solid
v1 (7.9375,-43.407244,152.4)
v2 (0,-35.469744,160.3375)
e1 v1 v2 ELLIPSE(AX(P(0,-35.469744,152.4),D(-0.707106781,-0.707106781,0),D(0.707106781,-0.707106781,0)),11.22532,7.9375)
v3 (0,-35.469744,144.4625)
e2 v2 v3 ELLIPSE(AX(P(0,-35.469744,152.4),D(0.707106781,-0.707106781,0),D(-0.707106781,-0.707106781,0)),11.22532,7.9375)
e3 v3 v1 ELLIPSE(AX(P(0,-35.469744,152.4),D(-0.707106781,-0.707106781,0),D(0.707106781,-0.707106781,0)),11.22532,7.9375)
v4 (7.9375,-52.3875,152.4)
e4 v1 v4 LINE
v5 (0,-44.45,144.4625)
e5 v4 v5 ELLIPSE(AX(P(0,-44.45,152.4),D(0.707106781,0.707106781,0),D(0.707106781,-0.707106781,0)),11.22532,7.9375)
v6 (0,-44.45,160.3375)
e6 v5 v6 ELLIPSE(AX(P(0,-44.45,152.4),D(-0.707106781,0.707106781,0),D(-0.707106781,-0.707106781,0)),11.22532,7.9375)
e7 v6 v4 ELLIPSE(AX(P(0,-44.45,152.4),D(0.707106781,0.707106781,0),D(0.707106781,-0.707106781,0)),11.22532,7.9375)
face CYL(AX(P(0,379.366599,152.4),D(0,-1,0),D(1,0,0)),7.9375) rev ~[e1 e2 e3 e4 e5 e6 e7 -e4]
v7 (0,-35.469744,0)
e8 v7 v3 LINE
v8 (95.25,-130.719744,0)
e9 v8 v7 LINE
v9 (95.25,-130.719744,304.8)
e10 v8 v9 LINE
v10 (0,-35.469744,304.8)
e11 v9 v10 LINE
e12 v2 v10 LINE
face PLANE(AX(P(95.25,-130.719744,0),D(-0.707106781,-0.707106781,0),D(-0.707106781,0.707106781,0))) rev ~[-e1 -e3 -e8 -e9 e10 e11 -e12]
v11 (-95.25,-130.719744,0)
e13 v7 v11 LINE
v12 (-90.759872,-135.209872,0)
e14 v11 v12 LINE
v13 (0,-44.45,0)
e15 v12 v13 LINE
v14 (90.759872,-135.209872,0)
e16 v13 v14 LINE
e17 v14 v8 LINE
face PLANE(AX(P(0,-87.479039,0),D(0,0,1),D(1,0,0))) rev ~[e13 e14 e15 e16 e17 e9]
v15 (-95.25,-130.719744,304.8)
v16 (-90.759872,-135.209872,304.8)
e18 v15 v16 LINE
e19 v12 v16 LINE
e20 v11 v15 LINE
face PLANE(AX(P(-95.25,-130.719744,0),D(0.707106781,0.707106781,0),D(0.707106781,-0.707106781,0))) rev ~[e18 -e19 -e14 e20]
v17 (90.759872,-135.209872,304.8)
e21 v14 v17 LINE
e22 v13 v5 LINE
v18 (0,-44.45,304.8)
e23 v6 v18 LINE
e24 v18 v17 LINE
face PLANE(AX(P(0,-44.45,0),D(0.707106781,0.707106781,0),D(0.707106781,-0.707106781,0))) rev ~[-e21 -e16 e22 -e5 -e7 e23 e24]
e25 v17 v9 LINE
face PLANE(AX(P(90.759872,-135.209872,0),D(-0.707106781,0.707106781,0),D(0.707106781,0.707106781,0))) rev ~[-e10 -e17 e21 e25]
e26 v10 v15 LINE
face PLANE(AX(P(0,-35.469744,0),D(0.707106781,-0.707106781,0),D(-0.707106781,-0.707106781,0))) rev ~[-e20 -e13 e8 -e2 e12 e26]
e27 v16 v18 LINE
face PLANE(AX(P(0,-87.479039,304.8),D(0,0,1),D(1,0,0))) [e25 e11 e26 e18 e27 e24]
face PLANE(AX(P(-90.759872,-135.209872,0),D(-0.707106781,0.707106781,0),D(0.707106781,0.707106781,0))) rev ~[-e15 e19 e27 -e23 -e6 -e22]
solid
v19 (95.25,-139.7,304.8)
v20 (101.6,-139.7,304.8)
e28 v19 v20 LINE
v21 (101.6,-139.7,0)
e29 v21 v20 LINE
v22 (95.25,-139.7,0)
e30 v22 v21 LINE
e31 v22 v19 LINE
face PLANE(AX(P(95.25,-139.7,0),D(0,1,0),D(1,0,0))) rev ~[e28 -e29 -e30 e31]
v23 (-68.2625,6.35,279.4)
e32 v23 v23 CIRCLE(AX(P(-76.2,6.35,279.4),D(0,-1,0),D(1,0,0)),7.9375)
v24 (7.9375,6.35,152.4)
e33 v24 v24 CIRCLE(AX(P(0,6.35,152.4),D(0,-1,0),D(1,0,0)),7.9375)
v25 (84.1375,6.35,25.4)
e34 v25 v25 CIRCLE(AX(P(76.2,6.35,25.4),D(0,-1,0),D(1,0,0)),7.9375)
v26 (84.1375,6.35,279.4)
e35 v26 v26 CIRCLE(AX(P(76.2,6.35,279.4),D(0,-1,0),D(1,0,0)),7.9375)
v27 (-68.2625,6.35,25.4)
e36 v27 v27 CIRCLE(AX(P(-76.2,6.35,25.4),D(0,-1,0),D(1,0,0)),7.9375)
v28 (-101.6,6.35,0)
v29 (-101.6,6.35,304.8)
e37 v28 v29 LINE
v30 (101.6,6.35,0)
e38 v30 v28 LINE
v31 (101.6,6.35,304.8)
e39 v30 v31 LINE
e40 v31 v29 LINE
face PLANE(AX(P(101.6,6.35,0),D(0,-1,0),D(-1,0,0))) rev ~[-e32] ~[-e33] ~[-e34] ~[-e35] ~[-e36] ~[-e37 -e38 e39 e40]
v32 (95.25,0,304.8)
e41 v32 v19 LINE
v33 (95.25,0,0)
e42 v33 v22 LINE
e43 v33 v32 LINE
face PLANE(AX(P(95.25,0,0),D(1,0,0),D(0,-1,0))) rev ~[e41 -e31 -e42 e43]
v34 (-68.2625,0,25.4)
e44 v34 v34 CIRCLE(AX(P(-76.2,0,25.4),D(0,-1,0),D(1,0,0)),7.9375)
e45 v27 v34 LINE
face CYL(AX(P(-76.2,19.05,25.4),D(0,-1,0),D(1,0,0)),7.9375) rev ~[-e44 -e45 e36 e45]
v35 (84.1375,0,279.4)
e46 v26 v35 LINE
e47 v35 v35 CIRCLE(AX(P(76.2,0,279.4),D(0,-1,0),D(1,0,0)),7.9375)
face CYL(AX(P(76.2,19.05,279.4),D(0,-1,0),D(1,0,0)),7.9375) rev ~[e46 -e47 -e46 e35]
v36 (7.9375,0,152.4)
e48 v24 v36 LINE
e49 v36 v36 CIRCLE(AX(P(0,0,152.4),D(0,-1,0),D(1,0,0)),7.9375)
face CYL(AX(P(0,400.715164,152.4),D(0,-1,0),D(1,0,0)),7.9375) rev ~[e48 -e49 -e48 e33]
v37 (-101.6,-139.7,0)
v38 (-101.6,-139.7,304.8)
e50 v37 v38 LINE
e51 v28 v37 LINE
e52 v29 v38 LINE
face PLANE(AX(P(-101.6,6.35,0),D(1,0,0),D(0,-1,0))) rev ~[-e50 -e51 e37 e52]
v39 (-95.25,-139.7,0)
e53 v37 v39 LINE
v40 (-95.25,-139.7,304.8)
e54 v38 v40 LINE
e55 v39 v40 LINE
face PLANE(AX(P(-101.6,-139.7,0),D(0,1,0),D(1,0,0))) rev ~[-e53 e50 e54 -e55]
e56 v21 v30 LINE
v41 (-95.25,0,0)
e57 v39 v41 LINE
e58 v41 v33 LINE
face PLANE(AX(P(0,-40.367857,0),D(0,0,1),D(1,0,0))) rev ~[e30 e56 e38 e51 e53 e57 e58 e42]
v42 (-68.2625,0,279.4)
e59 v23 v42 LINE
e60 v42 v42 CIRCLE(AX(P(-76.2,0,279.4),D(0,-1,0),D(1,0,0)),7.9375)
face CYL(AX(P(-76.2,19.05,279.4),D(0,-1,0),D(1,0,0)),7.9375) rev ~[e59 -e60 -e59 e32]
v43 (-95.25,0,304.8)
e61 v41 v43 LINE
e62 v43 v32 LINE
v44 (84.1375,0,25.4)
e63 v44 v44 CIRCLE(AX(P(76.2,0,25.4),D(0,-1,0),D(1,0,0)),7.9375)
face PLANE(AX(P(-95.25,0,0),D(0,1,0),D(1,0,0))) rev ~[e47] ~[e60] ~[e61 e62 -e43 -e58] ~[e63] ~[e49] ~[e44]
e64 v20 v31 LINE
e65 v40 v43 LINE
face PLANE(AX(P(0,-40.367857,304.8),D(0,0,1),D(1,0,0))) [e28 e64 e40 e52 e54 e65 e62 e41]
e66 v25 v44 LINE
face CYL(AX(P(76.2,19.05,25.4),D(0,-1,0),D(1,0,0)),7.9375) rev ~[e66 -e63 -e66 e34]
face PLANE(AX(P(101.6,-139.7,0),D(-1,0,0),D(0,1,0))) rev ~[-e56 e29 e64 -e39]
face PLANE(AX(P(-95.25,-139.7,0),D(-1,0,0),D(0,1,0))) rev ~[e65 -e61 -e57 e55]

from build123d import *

# Parameters (mm, degrees)
F1_DEPTH = 304.8
F4_DEPTH = 304.8
F6_D     = 15.875
F6_DEPTH = 12.7
F8_D     = 15.875
F8_2_D   = 15.875


with BuildPart() as f1:
    # F0 (on Top) → F1 (new body)
    with BuildSketch(Plane.XY):
        Polygon((-95.25, -139.7), (-95.25, 0), (95.25, 0), (95.25, -139.7), (101.6, -139.7), (101.6, 6.35), (-101.6, 6.35), (-101.6, -139.7), align=None)
    extrude(amount=F1_DEPTH)

    # F6
    with Locations(Plane(origin=(0, 6.35, 0), x_dir=(-1, 0, 0), z_dir=(0, 1, 0))):
        with Locations((-76.2, 279.4), (76.2, 279.4), (-76.2, 25.4), (76.2, 25.4)):
            Hole(F6_D / 2, depth=F6_DEPTH)

    # F8 (through all)
    with Locations(Plane(origin=(0, 6.35, 0), x_dir=(-1, 0, 0), z_dir=(0, 1, 0))):
        with Locations((0, 152.4)):
            Hole(F8_D / 2)


with BuildPart() as f4:
    # F3 (on Top) → F4 (new body, through all)
    with BuildSketch(Plane.XY):
        Polygon((-95.25, -130.719744), (-90.759872, -135.209872), (0, -44.45), (90.759872, -135.209872), (95.25, -130.719744), (0, -35.469744), align=None)
    extrude(amount=F4_DEPTH)

    # F8#2 (through all)
    with Locations(Plane(origin=(0, 6.35, 0), x_dir=(-1, 0, 0), z_dir=(0, 1, 0))):
        with Locations((0, 152.4)):
            Hole(F8_2_D / 2)


solid = Compound([f1.part, f4.part])
